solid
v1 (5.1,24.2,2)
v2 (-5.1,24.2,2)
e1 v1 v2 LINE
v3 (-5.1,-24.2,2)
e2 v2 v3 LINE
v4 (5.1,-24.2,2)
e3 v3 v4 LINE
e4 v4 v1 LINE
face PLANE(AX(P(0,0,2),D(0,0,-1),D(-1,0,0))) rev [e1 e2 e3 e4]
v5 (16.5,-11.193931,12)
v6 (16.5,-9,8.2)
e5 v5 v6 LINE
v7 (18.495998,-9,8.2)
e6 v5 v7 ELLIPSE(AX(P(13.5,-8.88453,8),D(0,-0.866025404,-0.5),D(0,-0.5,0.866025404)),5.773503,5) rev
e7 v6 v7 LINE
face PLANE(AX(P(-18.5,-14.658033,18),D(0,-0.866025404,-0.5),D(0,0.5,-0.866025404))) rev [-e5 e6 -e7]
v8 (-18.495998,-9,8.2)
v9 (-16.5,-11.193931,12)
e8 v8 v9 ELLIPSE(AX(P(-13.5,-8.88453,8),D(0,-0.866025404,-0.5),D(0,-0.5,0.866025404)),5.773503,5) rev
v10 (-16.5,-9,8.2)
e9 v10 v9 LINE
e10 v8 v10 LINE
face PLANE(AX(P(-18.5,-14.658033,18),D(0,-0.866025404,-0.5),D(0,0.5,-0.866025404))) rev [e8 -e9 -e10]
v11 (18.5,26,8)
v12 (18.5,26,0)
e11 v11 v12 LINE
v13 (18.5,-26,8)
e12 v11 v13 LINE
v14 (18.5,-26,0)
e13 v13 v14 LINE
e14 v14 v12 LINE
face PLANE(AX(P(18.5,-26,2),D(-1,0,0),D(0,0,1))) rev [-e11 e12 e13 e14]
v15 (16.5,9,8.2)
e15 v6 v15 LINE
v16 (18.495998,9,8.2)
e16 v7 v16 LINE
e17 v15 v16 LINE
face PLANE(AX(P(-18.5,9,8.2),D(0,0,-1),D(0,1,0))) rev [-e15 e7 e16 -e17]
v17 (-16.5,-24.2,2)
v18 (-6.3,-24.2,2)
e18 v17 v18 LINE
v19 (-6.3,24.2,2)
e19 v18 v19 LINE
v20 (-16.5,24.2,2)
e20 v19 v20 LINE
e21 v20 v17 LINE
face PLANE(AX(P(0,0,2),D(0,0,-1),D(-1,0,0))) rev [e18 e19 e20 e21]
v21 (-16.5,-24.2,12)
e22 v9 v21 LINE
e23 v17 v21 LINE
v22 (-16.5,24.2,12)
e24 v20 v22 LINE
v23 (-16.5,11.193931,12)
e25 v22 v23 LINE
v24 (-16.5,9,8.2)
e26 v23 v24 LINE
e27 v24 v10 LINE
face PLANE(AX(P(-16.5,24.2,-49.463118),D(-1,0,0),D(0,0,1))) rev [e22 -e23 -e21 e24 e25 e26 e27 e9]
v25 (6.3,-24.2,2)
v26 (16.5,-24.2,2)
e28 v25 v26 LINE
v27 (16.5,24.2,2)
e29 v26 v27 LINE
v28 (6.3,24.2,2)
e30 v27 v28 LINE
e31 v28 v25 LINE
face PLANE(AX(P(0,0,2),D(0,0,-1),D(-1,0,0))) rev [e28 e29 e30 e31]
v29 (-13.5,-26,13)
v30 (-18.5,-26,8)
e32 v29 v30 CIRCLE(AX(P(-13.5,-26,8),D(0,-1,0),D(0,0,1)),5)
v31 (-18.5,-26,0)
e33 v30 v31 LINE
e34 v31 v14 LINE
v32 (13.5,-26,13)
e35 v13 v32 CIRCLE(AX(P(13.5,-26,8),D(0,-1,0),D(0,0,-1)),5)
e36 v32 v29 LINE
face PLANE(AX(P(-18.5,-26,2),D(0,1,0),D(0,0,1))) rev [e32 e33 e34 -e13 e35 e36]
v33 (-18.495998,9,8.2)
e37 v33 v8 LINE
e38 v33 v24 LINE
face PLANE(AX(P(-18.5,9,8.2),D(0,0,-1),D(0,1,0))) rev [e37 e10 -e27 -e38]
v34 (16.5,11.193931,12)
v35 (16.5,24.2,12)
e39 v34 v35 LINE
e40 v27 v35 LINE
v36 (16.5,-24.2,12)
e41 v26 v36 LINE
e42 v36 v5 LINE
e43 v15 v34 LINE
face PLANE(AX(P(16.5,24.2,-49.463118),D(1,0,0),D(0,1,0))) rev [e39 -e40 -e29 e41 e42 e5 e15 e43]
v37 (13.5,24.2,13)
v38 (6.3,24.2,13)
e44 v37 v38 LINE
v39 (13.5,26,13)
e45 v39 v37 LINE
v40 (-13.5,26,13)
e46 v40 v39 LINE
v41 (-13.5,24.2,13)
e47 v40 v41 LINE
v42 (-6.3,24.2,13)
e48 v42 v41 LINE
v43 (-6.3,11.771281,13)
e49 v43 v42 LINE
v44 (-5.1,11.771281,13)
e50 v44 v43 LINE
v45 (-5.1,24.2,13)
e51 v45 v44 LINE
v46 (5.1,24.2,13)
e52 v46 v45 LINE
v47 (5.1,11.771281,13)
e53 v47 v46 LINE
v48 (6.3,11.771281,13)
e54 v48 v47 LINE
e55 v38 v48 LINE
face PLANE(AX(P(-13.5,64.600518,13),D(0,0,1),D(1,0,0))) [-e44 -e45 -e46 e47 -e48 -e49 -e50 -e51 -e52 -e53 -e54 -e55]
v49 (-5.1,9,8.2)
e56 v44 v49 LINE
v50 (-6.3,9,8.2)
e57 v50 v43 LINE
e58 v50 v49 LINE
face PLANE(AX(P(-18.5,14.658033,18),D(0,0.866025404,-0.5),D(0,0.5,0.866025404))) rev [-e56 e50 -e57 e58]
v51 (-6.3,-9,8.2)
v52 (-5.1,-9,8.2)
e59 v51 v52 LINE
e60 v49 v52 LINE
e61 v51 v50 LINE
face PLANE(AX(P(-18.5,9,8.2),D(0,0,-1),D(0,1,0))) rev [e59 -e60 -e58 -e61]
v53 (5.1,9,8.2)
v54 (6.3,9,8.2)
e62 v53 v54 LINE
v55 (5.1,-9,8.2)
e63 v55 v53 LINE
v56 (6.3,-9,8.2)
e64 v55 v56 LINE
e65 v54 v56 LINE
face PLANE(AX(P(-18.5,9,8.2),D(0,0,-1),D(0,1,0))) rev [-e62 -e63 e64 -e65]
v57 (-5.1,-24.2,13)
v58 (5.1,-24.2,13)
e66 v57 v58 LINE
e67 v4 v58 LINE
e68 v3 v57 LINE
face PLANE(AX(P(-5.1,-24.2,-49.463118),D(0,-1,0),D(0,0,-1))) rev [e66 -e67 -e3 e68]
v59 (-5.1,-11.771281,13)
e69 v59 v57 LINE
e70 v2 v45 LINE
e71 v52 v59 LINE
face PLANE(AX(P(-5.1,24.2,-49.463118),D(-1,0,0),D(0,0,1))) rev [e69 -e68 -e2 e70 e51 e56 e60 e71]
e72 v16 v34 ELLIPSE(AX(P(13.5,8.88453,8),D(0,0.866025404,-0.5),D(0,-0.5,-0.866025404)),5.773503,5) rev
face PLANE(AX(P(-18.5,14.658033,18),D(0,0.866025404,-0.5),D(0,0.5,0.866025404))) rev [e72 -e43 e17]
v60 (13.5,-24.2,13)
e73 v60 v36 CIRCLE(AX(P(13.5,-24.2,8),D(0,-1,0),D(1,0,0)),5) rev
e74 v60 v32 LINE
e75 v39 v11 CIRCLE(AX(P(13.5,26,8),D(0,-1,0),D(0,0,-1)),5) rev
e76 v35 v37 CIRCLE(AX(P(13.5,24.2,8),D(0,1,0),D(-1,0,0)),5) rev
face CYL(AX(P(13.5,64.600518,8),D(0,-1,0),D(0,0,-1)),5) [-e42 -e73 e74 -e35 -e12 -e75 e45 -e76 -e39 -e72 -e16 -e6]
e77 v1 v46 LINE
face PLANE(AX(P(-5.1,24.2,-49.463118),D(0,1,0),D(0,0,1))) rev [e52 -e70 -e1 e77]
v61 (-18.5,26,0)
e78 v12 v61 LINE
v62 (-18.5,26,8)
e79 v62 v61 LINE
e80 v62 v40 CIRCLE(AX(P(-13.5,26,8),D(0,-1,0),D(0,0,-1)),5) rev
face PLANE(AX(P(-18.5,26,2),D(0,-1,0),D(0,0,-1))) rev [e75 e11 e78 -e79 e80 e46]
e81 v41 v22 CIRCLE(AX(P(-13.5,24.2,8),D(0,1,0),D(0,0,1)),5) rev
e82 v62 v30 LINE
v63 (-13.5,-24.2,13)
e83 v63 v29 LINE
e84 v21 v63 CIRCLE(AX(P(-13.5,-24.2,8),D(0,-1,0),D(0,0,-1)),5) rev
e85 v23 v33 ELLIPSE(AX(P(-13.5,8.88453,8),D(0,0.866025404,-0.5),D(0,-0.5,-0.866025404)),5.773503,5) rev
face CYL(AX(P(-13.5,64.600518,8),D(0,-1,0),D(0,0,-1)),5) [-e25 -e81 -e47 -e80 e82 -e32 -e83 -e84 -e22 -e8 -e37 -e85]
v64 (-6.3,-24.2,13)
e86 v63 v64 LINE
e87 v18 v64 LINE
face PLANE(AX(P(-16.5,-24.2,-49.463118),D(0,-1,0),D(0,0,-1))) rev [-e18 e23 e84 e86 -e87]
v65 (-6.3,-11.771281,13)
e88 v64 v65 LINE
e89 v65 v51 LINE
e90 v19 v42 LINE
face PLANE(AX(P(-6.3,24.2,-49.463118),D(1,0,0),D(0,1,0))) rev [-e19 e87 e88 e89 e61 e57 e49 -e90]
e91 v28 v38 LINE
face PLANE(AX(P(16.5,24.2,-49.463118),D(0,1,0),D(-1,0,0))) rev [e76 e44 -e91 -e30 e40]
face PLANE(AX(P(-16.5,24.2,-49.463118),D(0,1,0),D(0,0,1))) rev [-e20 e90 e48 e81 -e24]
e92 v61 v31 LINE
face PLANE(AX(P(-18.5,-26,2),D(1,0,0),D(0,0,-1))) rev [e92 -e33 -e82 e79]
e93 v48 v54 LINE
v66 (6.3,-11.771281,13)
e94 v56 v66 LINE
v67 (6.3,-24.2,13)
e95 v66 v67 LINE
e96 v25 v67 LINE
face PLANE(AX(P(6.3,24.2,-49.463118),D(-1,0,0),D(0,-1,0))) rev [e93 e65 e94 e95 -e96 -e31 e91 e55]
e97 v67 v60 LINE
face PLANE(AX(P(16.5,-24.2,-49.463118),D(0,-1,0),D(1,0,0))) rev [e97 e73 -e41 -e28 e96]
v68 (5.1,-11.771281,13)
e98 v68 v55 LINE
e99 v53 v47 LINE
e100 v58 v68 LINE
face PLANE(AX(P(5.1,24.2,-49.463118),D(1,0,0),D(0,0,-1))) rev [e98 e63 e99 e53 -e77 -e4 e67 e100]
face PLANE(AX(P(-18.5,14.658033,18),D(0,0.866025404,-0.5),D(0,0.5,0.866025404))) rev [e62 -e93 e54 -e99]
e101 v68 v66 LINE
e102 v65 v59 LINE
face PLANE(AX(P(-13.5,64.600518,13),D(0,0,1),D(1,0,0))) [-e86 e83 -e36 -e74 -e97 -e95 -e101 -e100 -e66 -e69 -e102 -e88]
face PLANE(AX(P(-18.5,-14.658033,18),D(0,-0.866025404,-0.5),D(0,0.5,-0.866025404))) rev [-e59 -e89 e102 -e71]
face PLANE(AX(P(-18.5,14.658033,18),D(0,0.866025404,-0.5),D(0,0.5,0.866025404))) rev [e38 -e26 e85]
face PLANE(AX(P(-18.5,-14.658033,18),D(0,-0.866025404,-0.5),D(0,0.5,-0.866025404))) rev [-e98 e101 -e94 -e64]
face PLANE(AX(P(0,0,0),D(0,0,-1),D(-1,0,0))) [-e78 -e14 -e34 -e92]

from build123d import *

# Parameters (mm, degrees)
SKETCH1_W               = 37
SKETCH1_H               = 52
BOSS_EXTRUDE1_DEPTH     = 2
BOSS_EXTRUDE2_DEPTH     = 52
SKETCH3_W               = 10.2
SKETCH3_H               = 48.4
CUT_EXTRUDE1_DEPTH      = 11
CUT_EXTRUDE2_DEPTH      = 35.456494308
CUT_EXTRUDE2_DEPTH_BACK = 35.456494308


with BuildPart() as part:
    # Sketch1 → Boss-Extrude1 (new body)
    with BuildSketch(Plane.XY):
        Rectangle(SKETCH1_W, SKETCH1_H)
    extrude(amount=BOSS_EXTRUDE1_DEPTH)

    # Sketch2 → Boss-Extrude2 (add)
    with BuildSketch(Plane.XZ.offset(26)):
        with BuildLine():
            Line((-13.5, 13), (13.5, 13))
            ThreePointArc((13.5, 13), (17.035533906, 11.535533906), (18.5, 8))
            Line((18.5, 8), (18.5, 2))
            Line((18.5, 2), (-18.5, 2))
            Line((-18.5, 2), (-18.5, 8))
            ThreePointArc((-18.5, 8), (-17.035533906, 11.535533906), (-13.5, 13))
        make_face()
    extrude(amount=-BOSS_EXTRUDE2_DEPTH)

    # Sketch3 → Cut-Extrude1 (cut)
    with BuildSketch(Plane.XY.offset(13)):
        Rectangle(SKETCH3_W, SKETCH3_H)
        with Locations((11.4, 0)):
            Rectangle(SKETCH3_W, SKETCH3_H)
        with Locations((-11.4, 0)):
            Rectangle(SKETCH3_W, SKETCH3_H)
    extrude(amount=-CUT_EXTRUDE1_DEPTH, mode=Mode.SUBTRACT)

    # Sketch4 → Cut-Extrude2 (cut, two sides: drawn at the far end of the back side and taken through both)
    with BuildSketch(Plane(origin=(0, 0, 0), x_dir=(0, 0, -1), z_dir=(1, 0, 0)).offset(-CUT_EXTRUDE2_DEPTH_BACK)):
        Polygon((-18, -14.658032638), (-18, 14.658032638), (-8.2, 9), (-8.2, -9), align=None)
    extrude(amount=CUT_EXTRUDE2_DEPTH + CUT_EXTRUDE2_DEPTH_BACK, mode=Mode.SUBTRACT)


solid = part.part
